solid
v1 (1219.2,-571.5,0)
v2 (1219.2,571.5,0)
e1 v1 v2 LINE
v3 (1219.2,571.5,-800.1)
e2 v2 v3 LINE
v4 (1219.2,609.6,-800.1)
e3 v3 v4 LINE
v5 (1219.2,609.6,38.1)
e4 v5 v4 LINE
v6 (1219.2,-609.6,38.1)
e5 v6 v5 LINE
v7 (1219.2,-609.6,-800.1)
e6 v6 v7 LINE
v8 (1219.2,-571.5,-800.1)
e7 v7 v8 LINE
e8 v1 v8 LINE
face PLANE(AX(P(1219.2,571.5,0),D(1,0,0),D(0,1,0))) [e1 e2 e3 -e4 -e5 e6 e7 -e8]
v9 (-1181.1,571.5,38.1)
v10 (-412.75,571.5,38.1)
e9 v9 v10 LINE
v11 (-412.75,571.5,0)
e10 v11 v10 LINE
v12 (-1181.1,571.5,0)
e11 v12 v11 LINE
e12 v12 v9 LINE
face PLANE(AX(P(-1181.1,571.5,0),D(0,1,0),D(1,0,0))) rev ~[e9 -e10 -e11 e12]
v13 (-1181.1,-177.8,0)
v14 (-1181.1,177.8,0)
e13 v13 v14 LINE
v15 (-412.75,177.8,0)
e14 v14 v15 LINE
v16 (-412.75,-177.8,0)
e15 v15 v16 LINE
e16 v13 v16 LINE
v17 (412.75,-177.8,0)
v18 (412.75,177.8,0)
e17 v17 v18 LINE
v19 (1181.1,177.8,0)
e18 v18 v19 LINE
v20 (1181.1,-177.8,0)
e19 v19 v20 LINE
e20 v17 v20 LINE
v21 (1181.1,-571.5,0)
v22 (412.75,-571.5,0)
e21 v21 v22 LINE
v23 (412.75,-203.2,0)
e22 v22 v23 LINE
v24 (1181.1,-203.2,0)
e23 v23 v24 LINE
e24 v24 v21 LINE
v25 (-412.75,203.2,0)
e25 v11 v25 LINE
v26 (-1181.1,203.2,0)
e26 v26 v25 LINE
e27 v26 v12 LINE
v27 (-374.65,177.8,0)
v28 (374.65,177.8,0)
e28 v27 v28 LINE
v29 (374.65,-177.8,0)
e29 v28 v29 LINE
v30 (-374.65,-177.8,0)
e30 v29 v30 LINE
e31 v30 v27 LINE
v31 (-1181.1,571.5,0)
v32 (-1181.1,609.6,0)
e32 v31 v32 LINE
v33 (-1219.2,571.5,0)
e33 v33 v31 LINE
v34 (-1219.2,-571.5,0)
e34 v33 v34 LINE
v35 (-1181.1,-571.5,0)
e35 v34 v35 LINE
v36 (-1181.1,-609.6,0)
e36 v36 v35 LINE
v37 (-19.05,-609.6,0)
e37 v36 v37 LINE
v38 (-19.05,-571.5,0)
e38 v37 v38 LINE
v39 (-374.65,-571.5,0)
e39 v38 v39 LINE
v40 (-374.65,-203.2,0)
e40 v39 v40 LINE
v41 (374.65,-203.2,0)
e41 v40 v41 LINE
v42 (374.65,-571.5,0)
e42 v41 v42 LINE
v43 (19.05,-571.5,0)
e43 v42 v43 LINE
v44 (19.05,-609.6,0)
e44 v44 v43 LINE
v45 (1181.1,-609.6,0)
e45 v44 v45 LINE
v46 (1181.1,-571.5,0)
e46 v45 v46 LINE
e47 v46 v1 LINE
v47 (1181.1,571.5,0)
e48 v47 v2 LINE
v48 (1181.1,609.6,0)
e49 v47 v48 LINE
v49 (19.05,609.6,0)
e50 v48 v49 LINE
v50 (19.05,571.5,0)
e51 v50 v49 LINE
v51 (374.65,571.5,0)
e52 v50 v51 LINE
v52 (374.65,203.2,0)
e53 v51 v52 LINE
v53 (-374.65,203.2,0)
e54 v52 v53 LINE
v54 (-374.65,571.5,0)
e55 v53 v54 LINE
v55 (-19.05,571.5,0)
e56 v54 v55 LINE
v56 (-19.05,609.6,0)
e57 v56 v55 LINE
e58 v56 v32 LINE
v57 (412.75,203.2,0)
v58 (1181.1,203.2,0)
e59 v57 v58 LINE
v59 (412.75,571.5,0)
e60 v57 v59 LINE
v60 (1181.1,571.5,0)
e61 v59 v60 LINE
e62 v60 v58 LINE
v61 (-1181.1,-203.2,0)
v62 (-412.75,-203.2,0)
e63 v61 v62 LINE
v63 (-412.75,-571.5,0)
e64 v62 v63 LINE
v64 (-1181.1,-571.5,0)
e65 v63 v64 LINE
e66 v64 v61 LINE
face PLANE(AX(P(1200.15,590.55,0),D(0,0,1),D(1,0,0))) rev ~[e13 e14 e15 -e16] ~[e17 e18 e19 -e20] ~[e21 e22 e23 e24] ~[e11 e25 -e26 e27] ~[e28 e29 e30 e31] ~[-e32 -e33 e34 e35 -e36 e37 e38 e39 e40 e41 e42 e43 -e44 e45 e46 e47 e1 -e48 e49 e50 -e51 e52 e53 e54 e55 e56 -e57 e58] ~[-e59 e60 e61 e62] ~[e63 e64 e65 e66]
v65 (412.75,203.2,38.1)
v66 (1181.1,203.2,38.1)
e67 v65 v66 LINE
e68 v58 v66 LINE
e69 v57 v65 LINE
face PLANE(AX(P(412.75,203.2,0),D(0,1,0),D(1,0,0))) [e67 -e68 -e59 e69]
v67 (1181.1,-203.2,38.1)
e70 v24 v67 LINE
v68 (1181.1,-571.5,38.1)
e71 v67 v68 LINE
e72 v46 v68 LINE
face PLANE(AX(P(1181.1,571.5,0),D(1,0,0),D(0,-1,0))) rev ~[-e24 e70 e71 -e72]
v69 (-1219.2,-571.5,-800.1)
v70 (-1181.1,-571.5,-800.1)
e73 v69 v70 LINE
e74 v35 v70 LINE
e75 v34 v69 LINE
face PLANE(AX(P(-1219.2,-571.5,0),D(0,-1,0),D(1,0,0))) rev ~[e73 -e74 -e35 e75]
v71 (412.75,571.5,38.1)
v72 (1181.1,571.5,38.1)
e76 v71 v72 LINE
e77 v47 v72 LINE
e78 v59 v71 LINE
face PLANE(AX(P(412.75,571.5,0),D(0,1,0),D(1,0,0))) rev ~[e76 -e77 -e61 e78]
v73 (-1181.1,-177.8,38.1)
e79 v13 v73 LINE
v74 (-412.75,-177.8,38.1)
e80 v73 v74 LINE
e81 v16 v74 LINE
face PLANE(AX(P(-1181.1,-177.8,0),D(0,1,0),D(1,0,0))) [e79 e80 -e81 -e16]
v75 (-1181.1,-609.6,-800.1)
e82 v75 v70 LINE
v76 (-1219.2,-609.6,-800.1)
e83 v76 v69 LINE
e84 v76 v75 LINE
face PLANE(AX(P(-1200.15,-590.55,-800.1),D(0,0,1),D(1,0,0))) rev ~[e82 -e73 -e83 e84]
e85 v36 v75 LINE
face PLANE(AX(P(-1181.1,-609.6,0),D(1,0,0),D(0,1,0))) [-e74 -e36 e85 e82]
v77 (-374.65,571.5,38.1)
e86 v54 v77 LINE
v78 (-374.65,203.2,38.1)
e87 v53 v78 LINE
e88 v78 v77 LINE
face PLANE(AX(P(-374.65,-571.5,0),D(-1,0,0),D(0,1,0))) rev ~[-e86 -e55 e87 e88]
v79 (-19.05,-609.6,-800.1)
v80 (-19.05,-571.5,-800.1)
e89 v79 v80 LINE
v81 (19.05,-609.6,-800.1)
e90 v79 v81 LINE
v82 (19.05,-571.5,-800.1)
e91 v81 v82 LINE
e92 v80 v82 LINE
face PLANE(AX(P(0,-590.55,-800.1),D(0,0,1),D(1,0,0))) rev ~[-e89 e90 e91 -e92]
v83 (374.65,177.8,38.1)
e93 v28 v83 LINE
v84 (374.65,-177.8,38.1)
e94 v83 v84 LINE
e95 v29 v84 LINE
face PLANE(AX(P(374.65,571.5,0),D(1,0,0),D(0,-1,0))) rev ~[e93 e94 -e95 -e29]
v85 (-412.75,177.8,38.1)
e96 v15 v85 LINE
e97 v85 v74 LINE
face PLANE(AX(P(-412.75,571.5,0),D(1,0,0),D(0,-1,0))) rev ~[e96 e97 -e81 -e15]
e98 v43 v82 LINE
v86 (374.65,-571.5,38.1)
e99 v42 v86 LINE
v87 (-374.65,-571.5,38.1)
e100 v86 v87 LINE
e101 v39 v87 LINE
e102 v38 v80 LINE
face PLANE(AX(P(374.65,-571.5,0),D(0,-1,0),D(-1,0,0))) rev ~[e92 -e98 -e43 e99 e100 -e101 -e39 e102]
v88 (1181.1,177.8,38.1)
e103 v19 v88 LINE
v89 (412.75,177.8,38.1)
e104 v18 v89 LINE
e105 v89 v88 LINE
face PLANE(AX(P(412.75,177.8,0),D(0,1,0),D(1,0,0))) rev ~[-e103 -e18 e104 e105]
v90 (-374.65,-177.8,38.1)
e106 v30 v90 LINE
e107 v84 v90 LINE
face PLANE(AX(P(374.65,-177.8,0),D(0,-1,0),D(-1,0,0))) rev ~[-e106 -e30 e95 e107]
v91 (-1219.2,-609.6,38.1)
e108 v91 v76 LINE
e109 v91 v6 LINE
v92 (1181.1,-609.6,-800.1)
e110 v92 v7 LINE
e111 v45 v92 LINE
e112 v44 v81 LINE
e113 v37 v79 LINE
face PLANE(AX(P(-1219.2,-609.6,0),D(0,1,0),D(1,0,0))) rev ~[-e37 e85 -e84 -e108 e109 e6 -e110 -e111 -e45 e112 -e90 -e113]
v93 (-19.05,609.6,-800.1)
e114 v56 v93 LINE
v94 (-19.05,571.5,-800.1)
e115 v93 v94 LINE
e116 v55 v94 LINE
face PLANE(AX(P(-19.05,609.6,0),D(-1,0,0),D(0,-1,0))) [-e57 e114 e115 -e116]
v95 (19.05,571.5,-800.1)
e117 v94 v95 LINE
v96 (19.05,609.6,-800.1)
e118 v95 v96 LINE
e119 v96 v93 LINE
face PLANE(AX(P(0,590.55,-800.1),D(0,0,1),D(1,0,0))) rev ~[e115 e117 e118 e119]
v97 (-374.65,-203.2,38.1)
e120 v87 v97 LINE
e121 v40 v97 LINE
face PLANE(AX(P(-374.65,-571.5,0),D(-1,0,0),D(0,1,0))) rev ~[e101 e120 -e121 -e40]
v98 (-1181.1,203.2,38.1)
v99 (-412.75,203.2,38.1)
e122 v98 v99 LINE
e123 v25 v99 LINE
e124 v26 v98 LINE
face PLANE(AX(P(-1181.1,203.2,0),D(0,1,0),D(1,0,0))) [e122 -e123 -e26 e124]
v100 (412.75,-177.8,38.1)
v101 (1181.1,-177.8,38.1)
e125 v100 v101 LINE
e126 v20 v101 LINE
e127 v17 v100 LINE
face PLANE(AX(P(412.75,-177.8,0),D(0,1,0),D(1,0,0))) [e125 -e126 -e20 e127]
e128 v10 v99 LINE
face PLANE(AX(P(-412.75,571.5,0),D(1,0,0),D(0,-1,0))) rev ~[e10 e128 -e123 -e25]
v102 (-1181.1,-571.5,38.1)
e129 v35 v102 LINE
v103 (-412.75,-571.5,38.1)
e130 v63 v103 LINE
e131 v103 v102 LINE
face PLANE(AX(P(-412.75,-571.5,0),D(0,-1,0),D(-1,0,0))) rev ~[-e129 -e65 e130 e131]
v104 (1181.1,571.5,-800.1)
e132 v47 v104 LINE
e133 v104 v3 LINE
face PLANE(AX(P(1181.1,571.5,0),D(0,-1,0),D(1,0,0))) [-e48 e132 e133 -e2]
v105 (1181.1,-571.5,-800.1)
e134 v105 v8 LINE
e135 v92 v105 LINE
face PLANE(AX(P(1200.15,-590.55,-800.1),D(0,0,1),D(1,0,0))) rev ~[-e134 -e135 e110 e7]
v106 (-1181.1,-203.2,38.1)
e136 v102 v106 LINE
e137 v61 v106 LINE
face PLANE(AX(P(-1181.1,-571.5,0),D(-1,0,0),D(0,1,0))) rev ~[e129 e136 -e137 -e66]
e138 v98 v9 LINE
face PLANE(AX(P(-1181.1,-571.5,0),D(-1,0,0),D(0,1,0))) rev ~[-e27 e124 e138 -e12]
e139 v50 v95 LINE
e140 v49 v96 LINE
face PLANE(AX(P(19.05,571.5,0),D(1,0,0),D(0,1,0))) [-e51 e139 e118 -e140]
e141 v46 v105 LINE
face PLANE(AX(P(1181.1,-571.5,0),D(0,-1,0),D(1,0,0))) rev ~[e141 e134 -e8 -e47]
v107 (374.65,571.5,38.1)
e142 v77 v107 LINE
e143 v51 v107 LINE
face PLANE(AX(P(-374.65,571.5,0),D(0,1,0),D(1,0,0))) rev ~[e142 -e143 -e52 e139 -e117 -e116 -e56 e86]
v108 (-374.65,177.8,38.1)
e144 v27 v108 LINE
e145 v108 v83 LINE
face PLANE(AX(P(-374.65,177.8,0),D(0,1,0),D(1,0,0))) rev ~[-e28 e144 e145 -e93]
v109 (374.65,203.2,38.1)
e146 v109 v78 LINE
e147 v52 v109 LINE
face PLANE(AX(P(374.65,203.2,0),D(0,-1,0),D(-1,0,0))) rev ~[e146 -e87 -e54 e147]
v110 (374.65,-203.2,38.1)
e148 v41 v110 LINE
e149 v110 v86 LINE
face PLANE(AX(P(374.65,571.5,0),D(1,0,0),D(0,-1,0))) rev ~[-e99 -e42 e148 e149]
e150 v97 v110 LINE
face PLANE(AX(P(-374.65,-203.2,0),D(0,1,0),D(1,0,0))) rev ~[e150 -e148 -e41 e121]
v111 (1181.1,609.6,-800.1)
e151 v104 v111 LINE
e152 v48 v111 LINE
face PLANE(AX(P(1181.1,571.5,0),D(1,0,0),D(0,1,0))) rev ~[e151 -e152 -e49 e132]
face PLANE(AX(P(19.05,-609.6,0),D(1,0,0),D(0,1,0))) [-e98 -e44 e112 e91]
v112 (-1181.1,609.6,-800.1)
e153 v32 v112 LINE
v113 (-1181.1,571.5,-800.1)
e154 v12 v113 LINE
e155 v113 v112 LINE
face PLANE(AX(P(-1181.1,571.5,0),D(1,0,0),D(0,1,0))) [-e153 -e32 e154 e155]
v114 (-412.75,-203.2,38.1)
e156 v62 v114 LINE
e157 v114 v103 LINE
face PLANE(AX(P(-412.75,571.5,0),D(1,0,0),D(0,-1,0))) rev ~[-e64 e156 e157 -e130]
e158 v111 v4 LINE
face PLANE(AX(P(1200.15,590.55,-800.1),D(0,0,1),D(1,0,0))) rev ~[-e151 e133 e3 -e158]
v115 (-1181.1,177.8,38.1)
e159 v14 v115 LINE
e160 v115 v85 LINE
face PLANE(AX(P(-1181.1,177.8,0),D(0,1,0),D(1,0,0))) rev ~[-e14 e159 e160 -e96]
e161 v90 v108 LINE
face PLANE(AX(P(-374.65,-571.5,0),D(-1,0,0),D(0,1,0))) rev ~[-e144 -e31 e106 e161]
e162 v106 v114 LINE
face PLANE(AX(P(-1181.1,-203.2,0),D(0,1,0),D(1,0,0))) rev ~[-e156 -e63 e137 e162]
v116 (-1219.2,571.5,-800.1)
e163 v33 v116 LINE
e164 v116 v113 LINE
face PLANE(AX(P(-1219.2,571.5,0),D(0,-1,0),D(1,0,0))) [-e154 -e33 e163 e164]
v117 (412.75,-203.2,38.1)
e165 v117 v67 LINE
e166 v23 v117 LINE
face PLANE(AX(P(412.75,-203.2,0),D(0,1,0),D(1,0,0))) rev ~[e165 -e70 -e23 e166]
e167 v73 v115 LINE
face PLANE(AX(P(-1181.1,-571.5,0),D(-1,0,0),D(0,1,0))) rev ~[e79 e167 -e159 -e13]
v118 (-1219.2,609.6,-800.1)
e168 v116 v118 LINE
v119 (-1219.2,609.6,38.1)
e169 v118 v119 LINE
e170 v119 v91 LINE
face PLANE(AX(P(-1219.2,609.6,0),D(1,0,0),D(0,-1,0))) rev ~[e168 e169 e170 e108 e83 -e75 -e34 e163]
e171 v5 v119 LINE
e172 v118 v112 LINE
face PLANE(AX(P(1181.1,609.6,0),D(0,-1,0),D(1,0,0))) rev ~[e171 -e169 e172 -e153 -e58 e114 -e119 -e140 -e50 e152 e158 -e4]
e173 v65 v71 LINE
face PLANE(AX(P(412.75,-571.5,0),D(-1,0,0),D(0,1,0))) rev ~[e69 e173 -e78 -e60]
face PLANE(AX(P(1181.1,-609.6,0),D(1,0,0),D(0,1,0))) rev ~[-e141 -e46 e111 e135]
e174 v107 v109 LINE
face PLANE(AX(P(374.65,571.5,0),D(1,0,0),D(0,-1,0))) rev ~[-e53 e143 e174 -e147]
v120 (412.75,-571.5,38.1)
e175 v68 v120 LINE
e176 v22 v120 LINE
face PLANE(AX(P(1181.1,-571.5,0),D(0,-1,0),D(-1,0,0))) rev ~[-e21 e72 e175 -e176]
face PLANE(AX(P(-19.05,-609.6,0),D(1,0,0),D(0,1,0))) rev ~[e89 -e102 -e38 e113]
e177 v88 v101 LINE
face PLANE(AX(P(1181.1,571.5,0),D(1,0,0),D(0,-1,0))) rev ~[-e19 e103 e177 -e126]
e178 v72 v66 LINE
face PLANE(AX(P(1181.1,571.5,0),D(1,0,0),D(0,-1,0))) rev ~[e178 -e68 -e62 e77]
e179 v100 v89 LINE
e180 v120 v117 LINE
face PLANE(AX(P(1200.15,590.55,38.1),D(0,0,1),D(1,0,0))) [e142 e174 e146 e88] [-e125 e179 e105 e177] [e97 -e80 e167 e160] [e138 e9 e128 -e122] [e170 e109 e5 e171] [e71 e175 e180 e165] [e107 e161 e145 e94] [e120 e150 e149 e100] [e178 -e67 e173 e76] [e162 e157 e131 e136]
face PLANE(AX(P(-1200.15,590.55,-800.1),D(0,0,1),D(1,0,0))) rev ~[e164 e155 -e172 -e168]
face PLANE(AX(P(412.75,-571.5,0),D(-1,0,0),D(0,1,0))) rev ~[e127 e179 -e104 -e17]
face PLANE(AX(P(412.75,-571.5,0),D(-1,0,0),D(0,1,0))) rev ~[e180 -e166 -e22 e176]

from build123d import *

# Parameters (mm, degrees)
F0_W     = 38.1
F0_H     = 38.1
F0_H_2   = 368.3
F0_H_3   = 25.4
F1_DEPTH = 38.1
F2_DEPTH = 800.1
F0_W_2   = 768.35
F3_DEPTH = 38.1


with BuildPart() as f1:
    # F0 (on Top) → F1 (new body)
    with BuildSketch(Plane.XY):
        with Locations((1200.15, 590.55)):
            Rectangle(F0_W, F0_H)
        Polygon((1181.1, 571.5), (1181.1, 609.6), (19.05, 609.6), (19.05, 571.5), (374.65, 571.5), (412.75, 571.5), align=None)
        Polygon((1219.2, -571.5), (1219.2, 571.5), (1181.1, 571.5), (1181.1, 203.2), (1181.1, 177.8), (1181.1, 0), (1181.1, -177.8), (1181.1, -203.2), (1181.1, -571.5), align=None)
        Polygon((19.05, 571.5), (19.05, 609.6), (-19.05, 609.6), (-19.05, 571.5), (0, 571.5), align=None)
        with Locations((1200.15, -590.55)):
            Rectangle(F0_W, F0_H)
        Polygon((-19.05, 571.5), (-19.05, 609.6), (-1181.1, 609.6), (-1181.1, 571.5), (-412.75, 571.5), (-374.65, 571.5), align=None)
        Polygon((1181.1, -609.6), (1181.1, -571.5), (412.75, -571.5), (374.65, -571.5), (19.05, -571.5), (19.05, -609.6), align=None)
        with Locations((-1200.15, 590.55)):
            Rectangle(F0_W, F0_H)
        Polygon((-1181.1, 203.2), (-1181.1, 571.5), (-1219.2, 571.5), (-1219.2, -571.5), (-1181.1, -571.5), (-1181.1, -203.2), (-1181.1, -177.8), (-1181.1, 0), (-1181.1, 177.8), align=None)
        with Locations((0, -590.55)):
            Rectangle(F0_W, F0_H)
        Polygon((-1181.1, -609.6), (-19.05, -609.6), (-19.05, -571.5), (-374.65, -571.5), (-412.75, -571.5), (-1181.1, -571.5), align=None)
        with Locations((-1200.15, -590.55)):
            Rectangle(F0_W, F0_H)
        with Locations((-393.7, 387.35)):
            Rectangle(F0_W, F0_H_2)
        with Locations((-393.7, -387.35)):
            Rectangle(F0_W, F0_H_2)
        with Locations((393.7, 387.35)):
            Rectangle(F0_W, F0_H_2)
        with Locations((393.7, -387.35)):
            Rectangle(F0_W, F0_H_2)
        Polygon((412.75, -177.8), (412.75, 0), (393.7, 0), (374.65, 0), (374.65, -177.8), align=None)
        Polygon((412.75, 0), (412.75, 177.8), (374.65, 177.8), (374.65, 0), (393.7, 0), align=None)
        with Locations((393.7, -190.5)):
            Rectangle(F0_W, F0_H_3)
        with Locations((393.7, 190.5)):
            Rectangle(F0_W, F0_H_3)
        with Locations((-393.7, -190.5)):
            Rectangle(F0_W, F0_H_3)
        Polygon((-374.65, -177.8), (-374.65, 0), (-393.7, 0), (-412.75, 0), (-412.75, -177.8), align=None)
        Polygon((-374.65, 0), (-374.65, 177.8), (-412.75, 177.8), (-412.75, 0), (-393.7, 0), align=None)
        with Locations((-393.7, 190.5)):
            Rectangle(F0_W, F0_H_3)
    extrude(amount=F1_DEPTH)

    # F0 (on Top) → F2 (join)
    with BuildSketch(Plane.XY):
        with Locations((1200.15, 590.55)):
            Rectangle(F0_W, F0_H)
        with Locations((1200.15, -590.55)):
            Rectangle(F0_W, F0_H)
        with Locations((0, -590.55)):
            Rectangle(F0_W, F0_H)
        Polygon((19.05, 571.5), (19.05, 609.6), (-19.05, 609.6), (-19.05, 571.5), (0, 571.5), align=None)
        with Locations((-1200.15, 590.55)):
            Rectangle(F0_W, F0_H)
        with Locations((-1200.15, -590.55)):
            Rectangle(F0_W, F0_H)
    extrude(amount=-F2_DEPTH)

    # F0 (on Top) → F3 (join)
    with BuildSketch(Plane.XY):
        Polygon((-374.65, -203.2), (374.65, -203.2), (374.65, -177.8), (0, -177.8), (-374.65, -177.8), align=None)
        Polygon((374.65, 177.8), (374.65, 203.2), (0, 203.2), (0, 190.5), (0, 177.8), align=None)
        with Locations((-796.925, 190.5)):
            Rectangle(F0_W_2, F0_H_3)
        Polygon((0, 190.5), (0, 203.2), (-374.65, 203.2), (-374.65, 177.8), (0, 177.8), align=None)
        with Locations((-796.925, -190.5)):
            Rectangle(F0_W_2, F0_H_3)
        with Locations((796.925, -190.5)):
            Rectangle(F0_W_2, F0_H_3)
        with Locations((796.925, 190.5)):
            Rectangle(F0_W_2, F0_H_3)
    extrude(amount=F3_DEPTH)


solid = f1.part
